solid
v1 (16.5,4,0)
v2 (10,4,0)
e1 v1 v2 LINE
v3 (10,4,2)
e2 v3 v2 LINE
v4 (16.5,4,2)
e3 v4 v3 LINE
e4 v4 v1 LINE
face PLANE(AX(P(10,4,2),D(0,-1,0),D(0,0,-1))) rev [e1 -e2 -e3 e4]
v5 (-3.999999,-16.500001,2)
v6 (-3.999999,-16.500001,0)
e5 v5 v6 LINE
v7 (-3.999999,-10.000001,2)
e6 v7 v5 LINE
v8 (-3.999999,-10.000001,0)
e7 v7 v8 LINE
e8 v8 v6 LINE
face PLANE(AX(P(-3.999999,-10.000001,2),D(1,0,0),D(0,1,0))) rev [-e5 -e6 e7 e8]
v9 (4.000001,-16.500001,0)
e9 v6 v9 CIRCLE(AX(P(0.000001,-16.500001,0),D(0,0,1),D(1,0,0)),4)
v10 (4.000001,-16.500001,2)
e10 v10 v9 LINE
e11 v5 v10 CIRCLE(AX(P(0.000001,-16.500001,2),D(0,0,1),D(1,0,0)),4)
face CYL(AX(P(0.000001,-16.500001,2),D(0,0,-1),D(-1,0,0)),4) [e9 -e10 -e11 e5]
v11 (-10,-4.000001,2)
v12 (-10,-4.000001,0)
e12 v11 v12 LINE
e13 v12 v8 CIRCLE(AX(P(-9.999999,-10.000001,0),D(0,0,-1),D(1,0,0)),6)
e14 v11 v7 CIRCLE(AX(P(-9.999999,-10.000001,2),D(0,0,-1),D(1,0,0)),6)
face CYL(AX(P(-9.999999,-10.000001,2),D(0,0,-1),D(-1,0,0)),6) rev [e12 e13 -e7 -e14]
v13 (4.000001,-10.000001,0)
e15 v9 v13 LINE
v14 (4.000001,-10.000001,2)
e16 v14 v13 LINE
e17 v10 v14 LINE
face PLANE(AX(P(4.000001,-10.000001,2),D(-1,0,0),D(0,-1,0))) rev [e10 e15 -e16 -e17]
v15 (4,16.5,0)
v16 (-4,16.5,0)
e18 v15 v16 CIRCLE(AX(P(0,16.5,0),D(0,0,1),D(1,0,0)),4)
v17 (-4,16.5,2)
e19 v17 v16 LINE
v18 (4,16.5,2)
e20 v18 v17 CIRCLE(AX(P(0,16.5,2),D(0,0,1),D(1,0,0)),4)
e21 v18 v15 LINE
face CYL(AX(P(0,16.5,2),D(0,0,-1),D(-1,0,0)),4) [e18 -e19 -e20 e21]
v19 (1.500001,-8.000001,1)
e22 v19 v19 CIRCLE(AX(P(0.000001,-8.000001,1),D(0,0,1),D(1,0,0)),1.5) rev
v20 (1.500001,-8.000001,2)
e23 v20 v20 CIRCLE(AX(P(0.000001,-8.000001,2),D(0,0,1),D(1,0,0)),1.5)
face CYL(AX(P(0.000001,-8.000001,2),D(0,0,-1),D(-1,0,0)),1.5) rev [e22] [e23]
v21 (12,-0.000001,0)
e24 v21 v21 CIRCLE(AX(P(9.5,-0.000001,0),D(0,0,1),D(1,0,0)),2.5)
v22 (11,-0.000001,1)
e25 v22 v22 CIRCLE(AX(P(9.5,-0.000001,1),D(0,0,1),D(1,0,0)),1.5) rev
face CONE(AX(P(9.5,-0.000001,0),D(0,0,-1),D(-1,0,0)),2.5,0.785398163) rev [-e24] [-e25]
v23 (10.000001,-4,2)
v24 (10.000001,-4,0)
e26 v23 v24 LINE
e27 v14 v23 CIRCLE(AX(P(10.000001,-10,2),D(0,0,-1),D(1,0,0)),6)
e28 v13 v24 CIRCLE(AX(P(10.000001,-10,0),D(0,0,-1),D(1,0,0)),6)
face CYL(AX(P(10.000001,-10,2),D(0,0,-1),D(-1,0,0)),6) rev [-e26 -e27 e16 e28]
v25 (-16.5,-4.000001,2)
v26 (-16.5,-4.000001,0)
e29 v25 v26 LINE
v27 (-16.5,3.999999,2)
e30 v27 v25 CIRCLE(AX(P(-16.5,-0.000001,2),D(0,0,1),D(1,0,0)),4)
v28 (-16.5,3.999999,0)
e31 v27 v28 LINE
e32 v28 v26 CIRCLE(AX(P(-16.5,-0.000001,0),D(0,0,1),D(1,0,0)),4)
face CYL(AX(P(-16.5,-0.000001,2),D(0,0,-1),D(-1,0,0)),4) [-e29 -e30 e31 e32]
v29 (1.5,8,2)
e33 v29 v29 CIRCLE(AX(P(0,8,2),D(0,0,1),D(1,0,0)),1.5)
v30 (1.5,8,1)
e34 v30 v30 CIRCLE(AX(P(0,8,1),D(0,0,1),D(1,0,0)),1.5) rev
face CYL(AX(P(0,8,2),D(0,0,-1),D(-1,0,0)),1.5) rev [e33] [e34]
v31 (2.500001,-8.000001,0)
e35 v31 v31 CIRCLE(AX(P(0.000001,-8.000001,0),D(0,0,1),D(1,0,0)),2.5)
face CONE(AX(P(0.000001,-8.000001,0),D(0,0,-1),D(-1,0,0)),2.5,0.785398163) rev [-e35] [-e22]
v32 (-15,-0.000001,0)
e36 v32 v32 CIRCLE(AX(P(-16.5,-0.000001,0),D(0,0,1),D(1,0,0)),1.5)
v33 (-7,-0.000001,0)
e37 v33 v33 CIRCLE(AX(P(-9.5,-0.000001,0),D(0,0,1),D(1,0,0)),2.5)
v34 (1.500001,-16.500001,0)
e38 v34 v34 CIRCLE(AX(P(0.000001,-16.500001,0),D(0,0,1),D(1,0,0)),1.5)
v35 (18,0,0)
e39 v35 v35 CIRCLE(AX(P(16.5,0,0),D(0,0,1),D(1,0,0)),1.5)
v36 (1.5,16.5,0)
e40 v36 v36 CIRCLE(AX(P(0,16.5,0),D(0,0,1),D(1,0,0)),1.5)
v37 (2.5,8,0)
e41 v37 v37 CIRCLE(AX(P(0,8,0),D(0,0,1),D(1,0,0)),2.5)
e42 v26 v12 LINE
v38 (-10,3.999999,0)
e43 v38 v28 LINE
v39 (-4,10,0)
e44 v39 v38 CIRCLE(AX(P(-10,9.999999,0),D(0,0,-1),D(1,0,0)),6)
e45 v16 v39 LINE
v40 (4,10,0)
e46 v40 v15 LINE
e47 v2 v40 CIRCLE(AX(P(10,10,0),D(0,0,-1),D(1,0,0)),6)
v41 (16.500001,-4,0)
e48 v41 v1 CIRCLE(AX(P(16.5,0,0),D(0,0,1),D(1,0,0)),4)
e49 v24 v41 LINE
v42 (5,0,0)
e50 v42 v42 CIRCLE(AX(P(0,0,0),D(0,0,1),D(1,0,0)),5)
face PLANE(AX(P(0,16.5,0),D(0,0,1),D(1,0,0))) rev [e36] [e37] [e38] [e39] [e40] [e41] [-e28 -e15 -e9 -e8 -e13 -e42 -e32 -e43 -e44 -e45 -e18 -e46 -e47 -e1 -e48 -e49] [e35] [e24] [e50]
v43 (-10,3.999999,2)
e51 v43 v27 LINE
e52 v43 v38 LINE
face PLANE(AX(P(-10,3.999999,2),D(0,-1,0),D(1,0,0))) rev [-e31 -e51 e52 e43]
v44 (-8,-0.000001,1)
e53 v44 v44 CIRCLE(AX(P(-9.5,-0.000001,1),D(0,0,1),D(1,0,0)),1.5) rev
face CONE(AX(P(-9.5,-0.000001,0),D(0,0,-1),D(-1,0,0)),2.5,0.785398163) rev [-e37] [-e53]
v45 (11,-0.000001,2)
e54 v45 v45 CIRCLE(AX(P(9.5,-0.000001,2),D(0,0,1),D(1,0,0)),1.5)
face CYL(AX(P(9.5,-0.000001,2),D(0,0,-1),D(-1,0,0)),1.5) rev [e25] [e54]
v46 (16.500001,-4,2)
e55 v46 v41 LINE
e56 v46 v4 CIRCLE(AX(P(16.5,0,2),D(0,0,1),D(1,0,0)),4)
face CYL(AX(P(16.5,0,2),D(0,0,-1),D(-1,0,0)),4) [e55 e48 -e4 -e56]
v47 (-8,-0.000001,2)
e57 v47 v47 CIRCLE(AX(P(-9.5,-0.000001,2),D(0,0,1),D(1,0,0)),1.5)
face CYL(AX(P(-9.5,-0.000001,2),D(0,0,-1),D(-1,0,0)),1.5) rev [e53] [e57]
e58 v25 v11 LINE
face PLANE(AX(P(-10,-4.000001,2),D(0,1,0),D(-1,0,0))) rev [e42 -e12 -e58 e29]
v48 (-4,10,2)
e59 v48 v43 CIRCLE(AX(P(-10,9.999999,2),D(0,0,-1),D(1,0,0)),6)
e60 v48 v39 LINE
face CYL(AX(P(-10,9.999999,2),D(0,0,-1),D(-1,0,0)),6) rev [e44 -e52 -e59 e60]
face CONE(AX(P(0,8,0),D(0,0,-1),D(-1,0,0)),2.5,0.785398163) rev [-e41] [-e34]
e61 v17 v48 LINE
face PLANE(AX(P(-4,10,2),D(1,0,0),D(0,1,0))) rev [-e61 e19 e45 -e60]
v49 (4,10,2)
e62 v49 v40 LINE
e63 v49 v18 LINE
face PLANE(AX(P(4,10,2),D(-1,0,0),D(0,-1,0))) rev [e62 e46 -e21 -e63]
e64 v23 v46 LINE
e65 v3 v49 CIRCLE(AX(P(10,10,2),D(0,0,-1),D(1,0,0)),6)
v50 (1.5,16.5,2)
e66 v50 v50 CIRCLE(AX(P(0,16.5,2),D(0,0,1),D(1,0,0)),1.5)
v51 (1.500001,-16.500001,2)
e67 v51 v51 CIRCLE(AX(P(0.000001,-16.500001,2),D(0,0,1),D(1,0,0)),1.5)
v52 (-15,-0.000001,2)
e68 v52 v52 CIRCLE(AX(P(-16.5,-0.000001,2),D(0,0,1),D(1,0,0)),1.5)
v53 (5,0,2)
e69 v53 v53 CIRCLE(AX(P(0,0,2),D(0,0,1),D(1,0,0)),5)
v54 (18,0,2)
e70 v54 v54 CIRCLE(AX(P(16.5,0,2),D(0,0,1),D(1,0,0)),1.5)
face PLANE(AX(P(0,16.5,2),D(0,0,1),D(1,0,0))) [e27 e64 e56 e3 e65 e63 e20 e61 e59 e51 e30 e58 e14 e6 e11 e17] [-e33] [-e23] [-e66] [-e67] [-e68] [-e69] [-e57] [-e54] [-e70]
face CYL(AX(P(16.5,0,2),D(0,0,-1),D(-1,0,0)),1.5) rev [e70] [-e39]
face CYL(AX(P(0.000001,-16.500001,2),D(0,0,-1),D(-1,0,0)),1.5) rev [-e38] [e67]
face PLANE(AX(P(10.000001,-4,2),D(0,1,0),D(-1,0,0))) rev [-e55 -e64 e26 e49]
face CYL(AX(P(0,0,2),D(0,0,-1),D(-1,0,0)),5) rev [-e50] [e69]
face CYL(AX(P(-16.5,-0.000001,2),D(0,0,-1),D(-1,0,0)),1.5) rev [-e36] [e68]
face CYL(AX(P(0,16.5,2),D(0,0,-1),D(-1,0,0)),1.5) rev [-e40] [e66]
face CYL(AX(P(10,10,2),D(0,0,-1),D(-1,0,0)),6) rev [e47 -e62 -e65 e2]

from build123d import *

# Parameters (mm, degrees)
IZIM1_R                     = 1.5
IZIM1_R_2                   = 5
Y_KSEKLIK_EKSTR_ZYON1_DEPTH = 2
CHAMFER_1_SIZE              = 1


with BuildPart() as part:
    # Çizim1 → Yükseklik-Ekstrüzyon1 (new body)
    with BuildSketch(Plane.XY):
        with BuildLine():
            Line((10, 4), (16.5, 4))
            ThreePointArc((16.5, 4), (20.500000347, 3.47e-07), (16.500000694, -4))
            Line((16.500000694, -4), (10.000000694, -4))
            ThreePointArc((10.000000694, -4), (5.757359762, -5.757359558), (4.000000694, -10.000000694))
            Line((4.000000694, -10.000000694), (4.000000694, -16.500000694))
            ThreePointArc((4.000000694, -16.500000694), (6.94e-07, -20.500000694), (-3.999999306, -16.500000694))
            Line((-3.999999306, -16.500000694), (-3.999999306, -10.000000694))
            ThreePointArc((-3.999999306, -10.000000694), (-5.757358864, -5.757359762), (-10, -4.000000694))
            Line((-10, -4.000000694), (-16.5, -4.000000694))
            ThreePointArc((-16.5, -4.000000694), (-20.5, -6.94e-07), (-16.5, 3.999999306))
            Line((-16.5, 3.999999306), (-10, 3.999999306))
            ThreePointArc((-10, 3.999999306), (-5.757359067, 5.757358864), (-4, 10))
            Line((-4, 10), (-4, 16.5))
            ThreePointArc((-4, 16.5), (0, 20.5), (4, 16.5))
            Line((4, 16.5), (4, 10))
            ThreePointArc((4, 10), (5.757359313, 5.757359313), (10, 4))
        make_face()
        with Locations((0, 8)):
            Circle(IZIM1_R, mode=Mode.SUBTRACT)
        with Locations((16.500000347, 0)):
            Circle(IZIM1_R, mode=Mode.SUBTRACT)
        with Locations((9.5, -6.94e-07)):
            Circle(IZIM1_R, mode=Mode.SUBTRACT)
        with Locations((0, 16.5)):
            Circle(IZIM1_R, mode=Mode.SUBTRACT)
        with Locations((6.94e-07, -16.500000694)):
            Circle(IZIM1_R, mode=Mode.SUBTRACT)
        with Locations((6.94e-07, -8.000000694)):
            Circle(IZIM1_R, mode=Mode.SUBTRACT)
        Circle(IZIM1_R_2, mode=Mode.SUBTRACT)
        with Locations((-16.5, -6.94e-07)):
            Circle(IZIM1_R, mode=Mode.SUBTRACT)
        with Locations((-9.5, -6.94e-07)):
            Circle(IZIM1_R, mode=Mode.SUBTRACT)
    extrude(amount=Y_KSEKLIK_EKSTR_ZYON1_DEPTH)

    # Фаска1
    chamfer_1_edges = [part.edges().sort_by_distance(p)[0] for p in [
        (-1.5, 8, 0),
        (8, -6.94e-07, 0),
        (-1.499999306, -8.000000694, 0),
        (-11, -6.94e-07, 0),
    ]]
    chamfer(chamfer_1_edges, length=CHAMFER_1_SIZE)


solid = part.part
